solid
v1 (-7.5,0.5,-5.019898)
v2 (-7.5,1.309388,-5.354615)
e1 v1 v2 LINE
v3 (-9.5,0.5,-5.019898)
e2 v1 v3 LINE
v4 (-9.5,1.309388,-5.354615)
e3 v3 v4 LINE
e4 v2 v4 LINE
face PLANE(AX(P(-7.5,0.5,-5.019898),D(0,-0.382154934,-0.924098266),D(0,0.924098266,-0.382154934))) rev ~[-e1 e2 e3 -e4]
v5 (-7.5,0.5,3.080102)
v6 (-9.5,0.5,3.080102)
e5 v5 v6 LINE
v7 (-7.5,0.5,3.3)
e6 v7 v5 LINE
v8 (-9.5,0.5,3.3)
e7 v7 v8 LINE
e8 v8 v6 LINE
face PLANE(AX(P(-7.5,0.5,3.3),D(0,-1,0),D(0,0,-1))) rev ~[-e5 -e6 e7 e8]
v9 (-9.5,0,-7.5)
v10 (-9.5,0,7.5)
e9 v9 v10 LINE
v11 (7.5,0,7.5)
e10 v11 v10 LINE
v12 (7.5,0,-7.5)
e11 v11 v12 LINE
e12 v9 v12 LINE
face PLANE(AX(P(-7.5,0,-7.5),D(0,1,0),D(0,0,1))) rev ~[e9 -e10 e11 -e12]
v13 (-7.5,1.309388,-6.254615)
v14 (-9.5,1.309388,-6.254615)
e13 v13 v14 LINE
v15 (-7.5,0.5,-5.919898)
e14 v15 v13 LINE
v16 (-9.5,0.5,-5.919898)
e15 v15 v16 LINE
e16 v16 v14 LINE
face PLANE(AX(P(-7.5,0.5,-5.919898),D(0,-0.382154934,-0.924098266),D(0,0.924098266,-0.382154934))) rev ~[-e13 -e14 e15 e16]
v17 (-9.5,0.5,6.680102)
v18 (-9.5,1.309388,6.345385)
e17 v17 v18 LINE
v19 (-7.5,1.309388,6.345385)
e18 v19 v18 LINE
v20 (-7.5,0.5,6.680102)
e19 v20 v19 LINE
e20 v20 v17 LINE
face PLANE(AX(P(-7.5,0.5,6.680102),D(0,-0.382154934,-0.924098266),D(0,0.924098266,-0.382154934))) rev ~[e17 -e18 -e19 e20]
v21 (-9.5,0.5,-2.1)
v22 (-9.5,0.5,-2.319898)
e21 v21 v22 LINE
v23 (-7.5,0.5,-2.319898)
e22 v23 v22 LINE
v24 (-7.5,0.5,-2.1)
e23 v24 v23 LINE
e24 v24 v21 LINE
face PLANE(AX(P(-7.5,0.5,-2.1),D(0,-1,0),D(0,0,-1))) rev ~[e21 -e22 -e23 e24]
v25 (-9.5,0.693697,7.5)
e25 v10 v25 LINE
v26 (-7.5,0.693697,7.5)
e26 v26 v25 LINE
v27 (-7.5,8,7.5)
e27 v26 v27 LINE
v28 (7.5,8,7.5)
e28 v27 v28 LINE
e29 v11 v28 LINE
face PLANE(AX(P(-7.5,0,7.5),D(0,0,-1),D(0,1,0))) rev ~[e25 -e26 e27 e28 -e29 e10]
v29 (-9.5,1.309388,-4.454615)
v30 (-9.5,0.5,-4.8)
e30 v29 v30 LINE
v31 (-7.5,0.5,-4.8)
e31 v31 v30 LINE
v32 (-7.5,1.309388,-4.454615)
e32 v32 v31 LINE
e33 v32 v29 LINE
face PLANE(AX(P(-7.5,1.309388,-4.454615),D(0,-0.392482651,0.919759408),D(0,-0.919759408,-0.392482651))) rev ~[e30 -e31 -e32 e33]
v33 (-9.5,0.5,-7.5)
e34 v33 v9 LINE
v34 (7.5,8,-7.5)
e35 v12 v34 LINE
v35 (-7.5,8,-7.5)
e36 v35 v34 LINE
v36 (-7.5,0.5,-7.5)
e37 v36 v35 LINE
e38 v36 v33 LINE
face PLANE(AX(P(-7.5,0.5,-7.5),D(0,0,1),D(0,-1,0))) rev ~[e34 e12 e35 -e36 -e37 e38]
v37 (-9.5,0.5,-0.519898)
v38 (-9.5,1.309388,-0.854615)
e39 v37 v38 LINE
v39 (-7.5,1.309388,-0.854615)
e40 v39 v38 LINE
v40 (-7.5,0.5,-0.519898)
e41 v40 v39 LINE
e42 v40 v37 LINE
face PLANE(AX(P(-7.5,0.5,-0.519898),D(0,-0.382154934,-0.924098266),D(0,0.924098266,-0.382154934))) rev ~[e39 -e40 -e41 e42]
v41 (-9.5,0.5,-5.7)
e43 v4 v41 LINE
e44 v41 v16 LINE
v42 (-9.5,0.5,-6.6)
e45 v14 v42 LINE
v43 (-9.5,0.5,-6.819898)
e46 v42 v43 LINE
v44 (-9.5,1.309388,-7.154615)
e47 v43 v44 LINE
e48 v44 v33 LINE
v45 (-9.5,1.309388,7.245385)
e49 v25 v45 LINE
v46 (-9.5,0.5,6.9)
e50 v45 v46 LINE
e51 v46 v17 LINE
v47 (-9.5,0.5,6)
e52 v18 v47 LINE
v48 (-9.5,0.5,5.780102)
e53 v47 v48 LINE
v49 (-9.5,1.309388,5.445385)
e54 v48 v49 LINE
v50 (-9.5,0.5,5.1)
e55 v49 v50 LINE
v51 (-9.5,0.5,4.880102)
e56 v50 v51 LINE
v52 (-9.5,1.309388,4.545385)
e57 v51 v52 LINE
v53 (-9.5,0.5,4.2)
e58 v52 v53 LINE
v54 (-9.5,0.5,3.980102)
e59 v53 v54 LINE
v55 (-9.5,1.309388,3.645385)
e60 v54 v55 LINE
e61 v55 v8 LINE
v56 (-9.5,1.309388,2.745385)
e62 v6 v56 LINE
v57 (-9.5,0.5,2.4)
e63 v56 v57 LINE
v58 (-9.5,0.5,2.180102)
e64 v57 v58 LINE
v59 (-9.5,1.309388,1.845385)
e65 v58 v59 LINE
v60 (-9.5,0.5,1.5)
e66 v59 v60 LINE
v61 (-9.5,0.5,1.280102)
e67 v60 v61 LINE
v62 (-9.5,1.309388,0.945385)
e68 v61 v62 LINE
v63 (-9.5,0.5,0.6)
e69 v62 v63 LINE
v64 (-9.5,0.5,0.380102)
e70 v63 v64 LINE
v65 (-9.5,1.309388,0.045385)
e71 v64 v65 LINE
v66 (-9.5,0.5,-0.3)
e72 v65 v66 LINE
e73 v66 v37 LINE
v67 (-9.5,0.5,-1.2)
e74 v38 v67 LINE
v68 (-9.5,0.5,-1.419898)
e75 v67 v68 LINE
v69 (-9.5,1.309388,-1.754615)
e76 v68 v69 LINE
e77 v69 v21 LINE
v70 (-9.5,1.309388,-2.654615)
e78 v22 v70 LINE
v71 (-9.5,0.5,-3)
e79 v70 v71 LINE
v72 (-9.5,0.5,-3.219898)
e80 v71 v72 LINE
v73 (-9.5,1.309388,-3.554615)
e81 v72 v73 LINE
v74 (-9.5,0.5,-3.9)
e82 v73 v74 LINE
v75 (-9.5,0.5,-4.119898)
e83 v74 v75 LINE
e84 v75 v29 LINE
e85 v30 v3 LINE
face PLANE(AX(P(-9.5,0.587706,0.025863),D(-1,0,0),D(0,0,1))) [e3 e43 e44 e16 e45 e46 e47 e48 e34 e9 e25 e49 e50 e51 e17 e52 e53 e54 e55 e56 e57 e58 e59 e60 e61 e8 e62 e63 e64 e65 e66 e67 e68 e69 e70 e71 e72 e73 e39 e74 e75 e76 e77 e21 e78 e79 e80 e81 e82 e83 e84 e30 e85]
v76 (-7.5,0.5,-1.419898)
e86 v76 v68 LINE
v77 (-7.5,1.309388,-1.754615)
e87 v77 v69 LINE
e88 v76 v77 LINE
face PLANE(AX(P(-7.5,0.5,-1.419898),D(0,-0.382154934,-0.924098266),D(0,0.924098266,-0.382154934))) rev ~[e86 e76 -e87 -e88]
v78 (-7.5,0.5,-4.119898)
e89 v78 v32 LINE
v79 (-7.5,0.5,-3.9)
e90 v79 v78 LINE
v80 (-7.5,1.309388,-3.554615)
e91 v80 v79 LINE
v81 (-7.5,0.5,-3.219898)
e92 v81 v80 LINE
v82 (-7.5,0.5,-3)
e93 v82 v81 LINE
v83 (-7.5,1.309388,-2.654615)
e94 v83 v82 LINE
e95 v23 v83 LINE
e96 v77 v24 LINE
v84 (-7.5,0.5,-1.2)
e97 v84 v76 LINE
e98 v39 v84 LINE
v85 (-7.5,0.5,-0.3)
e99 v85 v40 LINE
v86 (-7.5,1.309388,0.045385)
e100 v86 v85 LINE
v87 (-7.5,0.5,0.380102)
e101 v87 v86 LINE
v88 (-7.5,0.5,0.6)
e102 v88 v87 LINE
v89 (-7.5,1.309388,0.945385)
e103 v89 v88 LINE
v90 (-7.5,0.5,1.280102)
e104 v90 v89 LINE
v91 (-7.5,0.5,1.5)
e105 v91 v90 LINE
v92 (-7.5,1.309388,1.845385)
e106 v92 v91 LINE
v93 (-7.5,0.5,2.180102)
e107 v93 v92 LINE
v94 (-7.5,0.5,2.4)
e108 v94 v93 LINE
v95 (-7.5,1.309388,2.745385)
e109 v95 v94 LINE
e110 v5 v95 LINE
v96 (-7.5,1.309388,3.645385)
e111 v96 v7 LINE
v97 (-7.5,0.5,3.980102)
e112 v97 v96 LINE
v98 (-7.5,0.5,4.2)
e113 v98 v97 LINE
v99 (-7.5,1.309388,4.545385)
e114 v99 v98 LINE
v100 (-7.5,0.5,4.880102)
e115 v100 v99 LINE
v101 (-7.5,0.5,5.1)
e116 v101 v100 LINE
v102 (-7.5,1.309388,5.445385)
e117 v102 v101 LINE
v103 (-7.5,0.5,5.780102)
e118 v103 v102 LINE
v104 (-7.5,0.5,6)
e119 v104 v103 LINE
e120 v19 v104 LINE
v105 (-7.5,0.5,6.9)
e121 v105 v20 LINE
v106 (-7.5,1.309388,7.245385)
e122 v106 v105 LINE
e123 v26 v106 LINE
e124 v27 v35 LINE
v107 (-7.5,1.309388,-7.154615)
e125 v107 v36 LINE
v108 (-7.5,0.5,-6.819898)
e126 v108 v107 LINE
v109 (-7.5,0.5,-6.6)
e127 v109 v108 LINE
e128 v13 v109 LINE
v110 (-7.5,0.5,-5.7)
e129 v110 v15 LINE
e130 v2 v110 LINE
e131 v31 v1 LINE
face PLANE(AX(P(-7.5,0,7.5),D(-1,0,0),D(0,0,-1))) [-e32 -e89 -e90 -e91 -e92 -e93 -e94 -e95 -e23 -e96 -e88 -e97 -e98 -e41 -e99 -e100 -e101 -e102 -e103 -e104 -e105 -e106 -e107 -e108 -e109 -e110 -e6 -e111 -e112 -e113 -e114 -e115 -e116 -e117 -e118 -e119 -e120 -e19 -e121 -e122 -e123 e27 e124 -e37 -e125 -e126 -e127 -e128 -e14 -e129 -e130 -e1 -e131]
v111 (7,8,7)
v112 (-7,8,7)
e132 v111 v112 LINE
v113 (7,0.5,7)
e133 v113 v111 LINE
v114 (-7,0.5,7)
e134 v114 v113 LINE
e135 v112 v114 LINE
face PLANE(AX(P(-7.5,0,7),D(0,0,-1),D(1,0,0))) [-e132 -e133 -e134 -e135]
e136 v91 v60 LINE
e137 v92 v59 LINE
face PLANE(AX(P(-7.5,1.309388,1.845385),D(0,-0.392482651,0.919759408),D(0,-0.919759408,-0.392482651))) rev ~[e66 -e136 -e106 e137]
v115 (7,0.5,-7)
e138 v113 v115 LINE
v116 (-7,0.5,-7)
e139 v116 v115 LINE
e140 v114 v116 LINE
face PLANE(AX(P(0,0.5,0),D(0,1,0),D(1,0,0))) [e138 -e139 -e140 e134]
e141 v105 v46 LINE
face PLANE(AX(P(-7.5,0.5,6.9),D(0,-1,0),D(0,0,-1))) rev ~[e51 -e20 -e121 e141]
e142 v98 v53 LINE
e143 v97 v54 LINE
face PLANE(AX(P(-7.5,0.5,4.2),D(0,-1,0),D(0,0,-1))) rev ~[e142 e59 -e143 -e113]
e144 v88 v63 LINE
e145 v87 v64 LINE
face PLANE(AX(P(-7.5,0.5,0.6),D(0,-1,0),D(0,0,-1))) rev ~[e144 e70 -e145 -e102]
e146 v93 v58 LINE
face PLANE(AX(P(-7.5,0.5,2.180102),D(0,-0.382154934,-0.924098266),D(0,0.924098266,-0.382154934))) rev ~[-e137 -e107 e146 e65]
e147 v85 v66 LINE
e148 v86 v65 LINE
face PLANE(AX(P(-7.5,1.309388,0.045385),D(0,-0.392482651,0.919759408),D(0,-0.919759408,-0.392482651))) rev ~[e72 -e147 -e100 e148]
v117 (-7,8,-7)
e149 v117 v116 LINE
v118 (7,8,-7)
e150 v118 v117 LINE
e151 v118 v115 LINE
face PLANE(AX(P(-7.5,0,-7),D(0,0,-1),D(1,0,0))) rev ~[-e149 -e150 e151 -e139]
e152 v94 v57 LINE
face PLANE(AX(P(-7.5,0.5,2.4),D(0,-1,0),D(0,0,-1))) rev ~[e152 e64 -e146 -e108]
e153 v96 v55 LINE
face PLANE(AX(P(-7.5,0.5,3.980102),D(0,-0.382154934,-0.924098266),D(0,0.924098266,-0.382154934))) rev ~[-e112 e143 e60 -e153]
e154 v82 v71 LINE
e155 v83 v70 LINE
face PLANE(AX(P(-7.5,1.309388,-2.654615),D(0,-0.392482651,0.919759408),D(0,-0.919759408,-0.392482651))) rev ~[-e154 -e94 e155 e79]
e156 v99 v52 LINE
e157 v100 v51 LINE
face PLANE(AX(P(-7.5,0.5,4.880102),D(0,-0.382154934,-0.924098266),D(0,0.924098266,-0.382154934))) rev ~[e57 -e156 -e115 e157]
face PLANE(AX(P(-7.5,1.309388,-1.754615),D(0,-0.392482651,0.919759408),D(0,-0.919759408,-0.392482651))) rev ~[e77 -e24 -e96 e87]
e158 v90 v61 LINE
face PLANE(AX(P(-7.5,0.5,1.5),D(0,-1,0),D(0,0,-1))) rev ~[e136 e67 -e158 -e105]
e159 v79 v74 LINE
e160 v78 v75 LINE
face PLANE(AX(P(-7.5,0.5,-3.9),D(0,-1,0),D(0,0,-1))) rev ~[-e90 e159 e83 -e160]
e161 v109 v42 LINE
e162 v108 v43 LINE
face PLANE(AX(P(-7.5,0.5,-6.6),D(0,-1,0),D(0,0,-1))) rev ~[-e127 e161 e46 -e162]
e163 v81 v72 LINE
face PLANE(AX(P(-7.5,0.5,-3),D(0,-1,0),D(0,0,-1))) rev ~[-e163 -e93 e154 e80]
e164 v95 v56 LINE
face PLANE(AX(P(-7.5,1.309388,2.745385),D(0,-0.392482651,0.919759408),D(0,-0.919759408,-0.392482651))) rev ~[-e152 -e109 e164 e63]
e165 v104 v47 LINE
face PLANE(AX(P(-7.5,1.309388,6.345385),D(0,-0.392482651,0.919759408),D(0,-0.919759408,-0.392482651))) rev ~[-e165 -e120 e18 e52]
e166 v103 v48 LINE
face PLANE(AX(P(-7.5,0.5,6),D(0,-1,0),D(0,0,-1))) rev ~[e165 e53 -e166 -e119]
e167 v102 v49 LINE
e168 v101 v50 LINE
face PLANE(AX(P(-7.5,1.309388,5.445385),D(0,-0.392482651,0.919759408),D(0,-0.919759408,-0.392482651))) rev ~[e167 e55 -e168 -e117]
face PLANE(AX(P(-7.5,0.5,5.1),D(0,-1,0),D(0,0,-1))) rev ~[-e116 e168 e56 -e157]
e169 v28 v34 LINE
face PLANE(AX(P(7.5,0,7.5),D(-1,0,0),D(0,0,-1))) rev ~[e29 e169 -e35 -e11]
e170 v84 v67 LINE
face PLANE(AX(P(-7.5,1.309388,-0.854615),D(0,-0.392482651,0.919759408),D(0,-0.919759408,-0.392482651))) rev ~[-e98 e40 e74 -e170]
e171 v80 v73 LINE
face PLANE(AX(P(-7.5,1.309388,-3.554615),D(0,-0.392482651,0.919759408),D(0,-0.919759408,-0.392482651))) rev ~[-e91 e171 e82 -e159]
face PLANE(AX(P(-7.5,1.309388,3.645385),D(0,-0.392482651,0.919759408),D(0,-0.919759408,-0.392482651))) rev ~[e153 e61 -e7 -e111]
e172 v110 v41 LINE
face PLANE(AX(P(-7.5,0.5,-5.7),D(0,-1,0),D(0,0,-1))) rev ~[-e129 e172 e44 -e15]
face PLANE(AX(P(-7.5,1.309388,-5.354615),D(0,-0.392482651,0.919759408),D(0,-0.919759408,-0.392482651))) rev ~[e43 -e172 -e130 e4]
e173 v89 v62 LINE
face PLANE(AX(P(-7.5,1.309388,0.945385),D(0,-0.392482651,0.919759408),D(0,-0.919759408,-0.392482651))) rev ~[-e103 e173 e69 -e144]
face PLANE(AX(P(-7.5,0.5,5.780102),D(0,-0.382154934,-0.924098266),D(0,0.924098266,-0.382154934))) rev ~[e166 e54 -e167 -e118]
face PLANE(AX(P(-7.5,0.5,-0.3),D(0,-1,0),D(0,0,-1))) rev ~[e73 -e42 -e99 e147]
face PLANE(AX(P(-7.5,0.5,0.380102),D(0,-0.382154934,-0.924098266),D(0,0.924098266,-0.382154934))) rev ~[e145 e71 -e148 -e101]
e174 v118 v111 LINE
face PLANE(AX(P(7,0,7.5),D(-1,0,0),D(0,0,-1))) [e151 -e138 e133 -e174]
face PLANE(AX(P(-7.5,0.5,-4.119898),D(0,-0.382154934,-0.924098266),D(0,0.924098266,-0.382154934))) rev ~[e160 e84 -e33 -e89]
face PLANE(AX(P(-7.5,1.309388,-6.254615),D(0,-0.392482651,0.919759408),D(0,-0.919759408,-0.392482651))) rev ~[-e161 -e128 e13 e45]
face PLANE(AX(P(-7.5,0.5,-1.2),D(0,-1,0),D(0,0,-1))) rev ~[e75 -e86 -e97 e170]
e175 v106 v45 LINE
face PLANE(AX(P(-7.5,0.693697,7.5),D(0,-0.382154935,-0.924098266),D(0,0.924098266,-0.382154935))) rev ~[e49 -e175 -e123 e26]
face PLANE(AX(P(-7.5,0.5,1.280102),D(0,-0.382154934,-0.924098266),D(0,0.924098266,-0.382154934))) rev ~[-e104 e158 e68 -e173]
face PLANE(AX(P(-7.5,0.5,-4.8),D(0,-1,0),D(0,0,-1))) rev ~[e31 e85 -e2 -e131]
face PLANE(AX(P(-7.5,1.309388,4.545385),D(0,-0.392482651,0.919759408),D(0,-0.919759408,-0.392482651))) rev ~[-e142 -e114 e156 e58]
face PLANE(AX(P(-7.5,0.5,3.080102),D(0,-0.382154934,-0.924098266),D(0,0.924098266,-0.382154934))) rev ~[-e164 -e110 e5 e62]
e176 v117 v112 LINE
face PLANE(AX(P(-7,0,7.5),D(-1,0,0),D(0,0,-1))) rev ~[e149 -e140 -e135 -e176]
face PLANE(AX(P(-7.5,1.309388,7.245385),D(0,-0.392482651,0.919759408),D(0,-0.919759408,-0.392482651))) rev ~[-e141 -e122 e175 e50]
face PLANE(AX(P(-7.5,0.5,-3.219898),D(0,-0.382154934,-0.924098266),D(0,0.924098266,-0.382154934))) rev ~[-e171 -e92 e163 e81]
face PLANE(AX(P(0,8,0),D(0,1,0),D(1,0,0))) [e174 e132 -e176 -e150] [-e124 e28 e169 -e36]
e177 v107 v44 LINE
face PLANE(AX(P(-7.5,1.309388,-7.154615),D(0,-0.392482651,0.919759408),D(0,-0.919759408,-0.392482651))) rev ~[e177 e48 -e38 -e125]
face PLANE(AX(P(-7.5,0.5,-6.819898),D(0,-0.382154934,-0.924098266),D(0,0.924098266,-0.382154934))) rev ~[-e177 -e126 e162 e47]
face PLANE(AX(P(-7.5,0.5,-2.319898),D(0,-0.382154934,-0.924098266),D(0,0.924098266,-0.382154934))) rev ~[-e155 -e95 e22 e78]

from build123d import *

# Parameters (mm, degrees)
SKETCH1_W           = 15
SKETCH1_H           = 15
BOSS_EXTRUDE1_DEPTH = 8
SHELL6_T            = -0.5
BOSS_EXTRUDE3_DEPTH = 2


with BuildPart() as part:
    # Sketch1 → Boss-Extrude1 (new body)
    with BuildSketch(Plane(origin=(0, 0, 0), x_dir=(1, 0, 0), z_dir=(0, 1, 0))):
        Rectangle(SKETCH1_W, SKETCH1_H)
    extrude(amount=BOSS_EXTRUDE1_DEPTH)

    # Shell6
    shell6_openings = [part.faces().sort_by_distance(p)[0] for p in [
        (0, 8, 0),
    ]]
    offset(amount=SHELL6_T, openings=shell6_openings, kind=Kind.INTERSECTION)

    # Sketch2 → Boss-Extrude3 (add)
    with BuildSketch(Plane.ZY.offset(7.5)):
        Polygon((-7.5, 0), (7.5, 0), (7.5, 0.5), (7.5, 0.693696827), (7.245384733, 1.309388279), (6.9, 0.5), (6.680102085, 0.5), (6.345384733, 1.309388279), (6, 0.5), (5.780102085, 0.5), (5.445384733, 1.309388279), (5.1, 0.5), (4.880102085, 0.5), (4.545384733, 1.309388279), (4.2, 0.5), (3.980102085, 0.5), (3.645384733, 1.309388279), (3.3, 0.5), (3.080102085, 0.5), (2.745384733, 1.309388279), (2.4, 0.5), (2.180102085, 0.5), (1.845384733, 1.309388279), (1.5, 0.5), (1.280102085, 0.5), (0.945384733, 1.309388279), (0.6, 0.5), (0.380102085, 0.5), (0.045384733, 1.309388279), (-0.3, 0.5), (-0.519897915, 0.5), (-0.854615267, 1.309388279), (-1.2, 0.5), (-1.419897915, 0.5), (-1.754615267, 1.309388279), (-2.1, 0.5), (-2.319897915, 0.5), (-2.654615267, 1.309388279), (-3, 0.5), (-3.219897915, 0.5), (-3.554615267, 1.309388279), (-3.9, 0.5), (-4.119897915, 0.5), (-4.454615267, 1.309388279), (-4.8, 0.5), (-5.019897915, 0.5), (-5.354615267, 1.309388279), (-5.7, 0.5), (-5.919897915, 0.5), (-6.254615267, 1.309388279), (-6.6, 0.5), (-6.819897915, 0.5), (-7.154615267, 1.309388279), (-7.5, 0.5), align=None)
    extrude(amount=BOSS_EXTRUDE3_DEPTH)


solid = part.part
